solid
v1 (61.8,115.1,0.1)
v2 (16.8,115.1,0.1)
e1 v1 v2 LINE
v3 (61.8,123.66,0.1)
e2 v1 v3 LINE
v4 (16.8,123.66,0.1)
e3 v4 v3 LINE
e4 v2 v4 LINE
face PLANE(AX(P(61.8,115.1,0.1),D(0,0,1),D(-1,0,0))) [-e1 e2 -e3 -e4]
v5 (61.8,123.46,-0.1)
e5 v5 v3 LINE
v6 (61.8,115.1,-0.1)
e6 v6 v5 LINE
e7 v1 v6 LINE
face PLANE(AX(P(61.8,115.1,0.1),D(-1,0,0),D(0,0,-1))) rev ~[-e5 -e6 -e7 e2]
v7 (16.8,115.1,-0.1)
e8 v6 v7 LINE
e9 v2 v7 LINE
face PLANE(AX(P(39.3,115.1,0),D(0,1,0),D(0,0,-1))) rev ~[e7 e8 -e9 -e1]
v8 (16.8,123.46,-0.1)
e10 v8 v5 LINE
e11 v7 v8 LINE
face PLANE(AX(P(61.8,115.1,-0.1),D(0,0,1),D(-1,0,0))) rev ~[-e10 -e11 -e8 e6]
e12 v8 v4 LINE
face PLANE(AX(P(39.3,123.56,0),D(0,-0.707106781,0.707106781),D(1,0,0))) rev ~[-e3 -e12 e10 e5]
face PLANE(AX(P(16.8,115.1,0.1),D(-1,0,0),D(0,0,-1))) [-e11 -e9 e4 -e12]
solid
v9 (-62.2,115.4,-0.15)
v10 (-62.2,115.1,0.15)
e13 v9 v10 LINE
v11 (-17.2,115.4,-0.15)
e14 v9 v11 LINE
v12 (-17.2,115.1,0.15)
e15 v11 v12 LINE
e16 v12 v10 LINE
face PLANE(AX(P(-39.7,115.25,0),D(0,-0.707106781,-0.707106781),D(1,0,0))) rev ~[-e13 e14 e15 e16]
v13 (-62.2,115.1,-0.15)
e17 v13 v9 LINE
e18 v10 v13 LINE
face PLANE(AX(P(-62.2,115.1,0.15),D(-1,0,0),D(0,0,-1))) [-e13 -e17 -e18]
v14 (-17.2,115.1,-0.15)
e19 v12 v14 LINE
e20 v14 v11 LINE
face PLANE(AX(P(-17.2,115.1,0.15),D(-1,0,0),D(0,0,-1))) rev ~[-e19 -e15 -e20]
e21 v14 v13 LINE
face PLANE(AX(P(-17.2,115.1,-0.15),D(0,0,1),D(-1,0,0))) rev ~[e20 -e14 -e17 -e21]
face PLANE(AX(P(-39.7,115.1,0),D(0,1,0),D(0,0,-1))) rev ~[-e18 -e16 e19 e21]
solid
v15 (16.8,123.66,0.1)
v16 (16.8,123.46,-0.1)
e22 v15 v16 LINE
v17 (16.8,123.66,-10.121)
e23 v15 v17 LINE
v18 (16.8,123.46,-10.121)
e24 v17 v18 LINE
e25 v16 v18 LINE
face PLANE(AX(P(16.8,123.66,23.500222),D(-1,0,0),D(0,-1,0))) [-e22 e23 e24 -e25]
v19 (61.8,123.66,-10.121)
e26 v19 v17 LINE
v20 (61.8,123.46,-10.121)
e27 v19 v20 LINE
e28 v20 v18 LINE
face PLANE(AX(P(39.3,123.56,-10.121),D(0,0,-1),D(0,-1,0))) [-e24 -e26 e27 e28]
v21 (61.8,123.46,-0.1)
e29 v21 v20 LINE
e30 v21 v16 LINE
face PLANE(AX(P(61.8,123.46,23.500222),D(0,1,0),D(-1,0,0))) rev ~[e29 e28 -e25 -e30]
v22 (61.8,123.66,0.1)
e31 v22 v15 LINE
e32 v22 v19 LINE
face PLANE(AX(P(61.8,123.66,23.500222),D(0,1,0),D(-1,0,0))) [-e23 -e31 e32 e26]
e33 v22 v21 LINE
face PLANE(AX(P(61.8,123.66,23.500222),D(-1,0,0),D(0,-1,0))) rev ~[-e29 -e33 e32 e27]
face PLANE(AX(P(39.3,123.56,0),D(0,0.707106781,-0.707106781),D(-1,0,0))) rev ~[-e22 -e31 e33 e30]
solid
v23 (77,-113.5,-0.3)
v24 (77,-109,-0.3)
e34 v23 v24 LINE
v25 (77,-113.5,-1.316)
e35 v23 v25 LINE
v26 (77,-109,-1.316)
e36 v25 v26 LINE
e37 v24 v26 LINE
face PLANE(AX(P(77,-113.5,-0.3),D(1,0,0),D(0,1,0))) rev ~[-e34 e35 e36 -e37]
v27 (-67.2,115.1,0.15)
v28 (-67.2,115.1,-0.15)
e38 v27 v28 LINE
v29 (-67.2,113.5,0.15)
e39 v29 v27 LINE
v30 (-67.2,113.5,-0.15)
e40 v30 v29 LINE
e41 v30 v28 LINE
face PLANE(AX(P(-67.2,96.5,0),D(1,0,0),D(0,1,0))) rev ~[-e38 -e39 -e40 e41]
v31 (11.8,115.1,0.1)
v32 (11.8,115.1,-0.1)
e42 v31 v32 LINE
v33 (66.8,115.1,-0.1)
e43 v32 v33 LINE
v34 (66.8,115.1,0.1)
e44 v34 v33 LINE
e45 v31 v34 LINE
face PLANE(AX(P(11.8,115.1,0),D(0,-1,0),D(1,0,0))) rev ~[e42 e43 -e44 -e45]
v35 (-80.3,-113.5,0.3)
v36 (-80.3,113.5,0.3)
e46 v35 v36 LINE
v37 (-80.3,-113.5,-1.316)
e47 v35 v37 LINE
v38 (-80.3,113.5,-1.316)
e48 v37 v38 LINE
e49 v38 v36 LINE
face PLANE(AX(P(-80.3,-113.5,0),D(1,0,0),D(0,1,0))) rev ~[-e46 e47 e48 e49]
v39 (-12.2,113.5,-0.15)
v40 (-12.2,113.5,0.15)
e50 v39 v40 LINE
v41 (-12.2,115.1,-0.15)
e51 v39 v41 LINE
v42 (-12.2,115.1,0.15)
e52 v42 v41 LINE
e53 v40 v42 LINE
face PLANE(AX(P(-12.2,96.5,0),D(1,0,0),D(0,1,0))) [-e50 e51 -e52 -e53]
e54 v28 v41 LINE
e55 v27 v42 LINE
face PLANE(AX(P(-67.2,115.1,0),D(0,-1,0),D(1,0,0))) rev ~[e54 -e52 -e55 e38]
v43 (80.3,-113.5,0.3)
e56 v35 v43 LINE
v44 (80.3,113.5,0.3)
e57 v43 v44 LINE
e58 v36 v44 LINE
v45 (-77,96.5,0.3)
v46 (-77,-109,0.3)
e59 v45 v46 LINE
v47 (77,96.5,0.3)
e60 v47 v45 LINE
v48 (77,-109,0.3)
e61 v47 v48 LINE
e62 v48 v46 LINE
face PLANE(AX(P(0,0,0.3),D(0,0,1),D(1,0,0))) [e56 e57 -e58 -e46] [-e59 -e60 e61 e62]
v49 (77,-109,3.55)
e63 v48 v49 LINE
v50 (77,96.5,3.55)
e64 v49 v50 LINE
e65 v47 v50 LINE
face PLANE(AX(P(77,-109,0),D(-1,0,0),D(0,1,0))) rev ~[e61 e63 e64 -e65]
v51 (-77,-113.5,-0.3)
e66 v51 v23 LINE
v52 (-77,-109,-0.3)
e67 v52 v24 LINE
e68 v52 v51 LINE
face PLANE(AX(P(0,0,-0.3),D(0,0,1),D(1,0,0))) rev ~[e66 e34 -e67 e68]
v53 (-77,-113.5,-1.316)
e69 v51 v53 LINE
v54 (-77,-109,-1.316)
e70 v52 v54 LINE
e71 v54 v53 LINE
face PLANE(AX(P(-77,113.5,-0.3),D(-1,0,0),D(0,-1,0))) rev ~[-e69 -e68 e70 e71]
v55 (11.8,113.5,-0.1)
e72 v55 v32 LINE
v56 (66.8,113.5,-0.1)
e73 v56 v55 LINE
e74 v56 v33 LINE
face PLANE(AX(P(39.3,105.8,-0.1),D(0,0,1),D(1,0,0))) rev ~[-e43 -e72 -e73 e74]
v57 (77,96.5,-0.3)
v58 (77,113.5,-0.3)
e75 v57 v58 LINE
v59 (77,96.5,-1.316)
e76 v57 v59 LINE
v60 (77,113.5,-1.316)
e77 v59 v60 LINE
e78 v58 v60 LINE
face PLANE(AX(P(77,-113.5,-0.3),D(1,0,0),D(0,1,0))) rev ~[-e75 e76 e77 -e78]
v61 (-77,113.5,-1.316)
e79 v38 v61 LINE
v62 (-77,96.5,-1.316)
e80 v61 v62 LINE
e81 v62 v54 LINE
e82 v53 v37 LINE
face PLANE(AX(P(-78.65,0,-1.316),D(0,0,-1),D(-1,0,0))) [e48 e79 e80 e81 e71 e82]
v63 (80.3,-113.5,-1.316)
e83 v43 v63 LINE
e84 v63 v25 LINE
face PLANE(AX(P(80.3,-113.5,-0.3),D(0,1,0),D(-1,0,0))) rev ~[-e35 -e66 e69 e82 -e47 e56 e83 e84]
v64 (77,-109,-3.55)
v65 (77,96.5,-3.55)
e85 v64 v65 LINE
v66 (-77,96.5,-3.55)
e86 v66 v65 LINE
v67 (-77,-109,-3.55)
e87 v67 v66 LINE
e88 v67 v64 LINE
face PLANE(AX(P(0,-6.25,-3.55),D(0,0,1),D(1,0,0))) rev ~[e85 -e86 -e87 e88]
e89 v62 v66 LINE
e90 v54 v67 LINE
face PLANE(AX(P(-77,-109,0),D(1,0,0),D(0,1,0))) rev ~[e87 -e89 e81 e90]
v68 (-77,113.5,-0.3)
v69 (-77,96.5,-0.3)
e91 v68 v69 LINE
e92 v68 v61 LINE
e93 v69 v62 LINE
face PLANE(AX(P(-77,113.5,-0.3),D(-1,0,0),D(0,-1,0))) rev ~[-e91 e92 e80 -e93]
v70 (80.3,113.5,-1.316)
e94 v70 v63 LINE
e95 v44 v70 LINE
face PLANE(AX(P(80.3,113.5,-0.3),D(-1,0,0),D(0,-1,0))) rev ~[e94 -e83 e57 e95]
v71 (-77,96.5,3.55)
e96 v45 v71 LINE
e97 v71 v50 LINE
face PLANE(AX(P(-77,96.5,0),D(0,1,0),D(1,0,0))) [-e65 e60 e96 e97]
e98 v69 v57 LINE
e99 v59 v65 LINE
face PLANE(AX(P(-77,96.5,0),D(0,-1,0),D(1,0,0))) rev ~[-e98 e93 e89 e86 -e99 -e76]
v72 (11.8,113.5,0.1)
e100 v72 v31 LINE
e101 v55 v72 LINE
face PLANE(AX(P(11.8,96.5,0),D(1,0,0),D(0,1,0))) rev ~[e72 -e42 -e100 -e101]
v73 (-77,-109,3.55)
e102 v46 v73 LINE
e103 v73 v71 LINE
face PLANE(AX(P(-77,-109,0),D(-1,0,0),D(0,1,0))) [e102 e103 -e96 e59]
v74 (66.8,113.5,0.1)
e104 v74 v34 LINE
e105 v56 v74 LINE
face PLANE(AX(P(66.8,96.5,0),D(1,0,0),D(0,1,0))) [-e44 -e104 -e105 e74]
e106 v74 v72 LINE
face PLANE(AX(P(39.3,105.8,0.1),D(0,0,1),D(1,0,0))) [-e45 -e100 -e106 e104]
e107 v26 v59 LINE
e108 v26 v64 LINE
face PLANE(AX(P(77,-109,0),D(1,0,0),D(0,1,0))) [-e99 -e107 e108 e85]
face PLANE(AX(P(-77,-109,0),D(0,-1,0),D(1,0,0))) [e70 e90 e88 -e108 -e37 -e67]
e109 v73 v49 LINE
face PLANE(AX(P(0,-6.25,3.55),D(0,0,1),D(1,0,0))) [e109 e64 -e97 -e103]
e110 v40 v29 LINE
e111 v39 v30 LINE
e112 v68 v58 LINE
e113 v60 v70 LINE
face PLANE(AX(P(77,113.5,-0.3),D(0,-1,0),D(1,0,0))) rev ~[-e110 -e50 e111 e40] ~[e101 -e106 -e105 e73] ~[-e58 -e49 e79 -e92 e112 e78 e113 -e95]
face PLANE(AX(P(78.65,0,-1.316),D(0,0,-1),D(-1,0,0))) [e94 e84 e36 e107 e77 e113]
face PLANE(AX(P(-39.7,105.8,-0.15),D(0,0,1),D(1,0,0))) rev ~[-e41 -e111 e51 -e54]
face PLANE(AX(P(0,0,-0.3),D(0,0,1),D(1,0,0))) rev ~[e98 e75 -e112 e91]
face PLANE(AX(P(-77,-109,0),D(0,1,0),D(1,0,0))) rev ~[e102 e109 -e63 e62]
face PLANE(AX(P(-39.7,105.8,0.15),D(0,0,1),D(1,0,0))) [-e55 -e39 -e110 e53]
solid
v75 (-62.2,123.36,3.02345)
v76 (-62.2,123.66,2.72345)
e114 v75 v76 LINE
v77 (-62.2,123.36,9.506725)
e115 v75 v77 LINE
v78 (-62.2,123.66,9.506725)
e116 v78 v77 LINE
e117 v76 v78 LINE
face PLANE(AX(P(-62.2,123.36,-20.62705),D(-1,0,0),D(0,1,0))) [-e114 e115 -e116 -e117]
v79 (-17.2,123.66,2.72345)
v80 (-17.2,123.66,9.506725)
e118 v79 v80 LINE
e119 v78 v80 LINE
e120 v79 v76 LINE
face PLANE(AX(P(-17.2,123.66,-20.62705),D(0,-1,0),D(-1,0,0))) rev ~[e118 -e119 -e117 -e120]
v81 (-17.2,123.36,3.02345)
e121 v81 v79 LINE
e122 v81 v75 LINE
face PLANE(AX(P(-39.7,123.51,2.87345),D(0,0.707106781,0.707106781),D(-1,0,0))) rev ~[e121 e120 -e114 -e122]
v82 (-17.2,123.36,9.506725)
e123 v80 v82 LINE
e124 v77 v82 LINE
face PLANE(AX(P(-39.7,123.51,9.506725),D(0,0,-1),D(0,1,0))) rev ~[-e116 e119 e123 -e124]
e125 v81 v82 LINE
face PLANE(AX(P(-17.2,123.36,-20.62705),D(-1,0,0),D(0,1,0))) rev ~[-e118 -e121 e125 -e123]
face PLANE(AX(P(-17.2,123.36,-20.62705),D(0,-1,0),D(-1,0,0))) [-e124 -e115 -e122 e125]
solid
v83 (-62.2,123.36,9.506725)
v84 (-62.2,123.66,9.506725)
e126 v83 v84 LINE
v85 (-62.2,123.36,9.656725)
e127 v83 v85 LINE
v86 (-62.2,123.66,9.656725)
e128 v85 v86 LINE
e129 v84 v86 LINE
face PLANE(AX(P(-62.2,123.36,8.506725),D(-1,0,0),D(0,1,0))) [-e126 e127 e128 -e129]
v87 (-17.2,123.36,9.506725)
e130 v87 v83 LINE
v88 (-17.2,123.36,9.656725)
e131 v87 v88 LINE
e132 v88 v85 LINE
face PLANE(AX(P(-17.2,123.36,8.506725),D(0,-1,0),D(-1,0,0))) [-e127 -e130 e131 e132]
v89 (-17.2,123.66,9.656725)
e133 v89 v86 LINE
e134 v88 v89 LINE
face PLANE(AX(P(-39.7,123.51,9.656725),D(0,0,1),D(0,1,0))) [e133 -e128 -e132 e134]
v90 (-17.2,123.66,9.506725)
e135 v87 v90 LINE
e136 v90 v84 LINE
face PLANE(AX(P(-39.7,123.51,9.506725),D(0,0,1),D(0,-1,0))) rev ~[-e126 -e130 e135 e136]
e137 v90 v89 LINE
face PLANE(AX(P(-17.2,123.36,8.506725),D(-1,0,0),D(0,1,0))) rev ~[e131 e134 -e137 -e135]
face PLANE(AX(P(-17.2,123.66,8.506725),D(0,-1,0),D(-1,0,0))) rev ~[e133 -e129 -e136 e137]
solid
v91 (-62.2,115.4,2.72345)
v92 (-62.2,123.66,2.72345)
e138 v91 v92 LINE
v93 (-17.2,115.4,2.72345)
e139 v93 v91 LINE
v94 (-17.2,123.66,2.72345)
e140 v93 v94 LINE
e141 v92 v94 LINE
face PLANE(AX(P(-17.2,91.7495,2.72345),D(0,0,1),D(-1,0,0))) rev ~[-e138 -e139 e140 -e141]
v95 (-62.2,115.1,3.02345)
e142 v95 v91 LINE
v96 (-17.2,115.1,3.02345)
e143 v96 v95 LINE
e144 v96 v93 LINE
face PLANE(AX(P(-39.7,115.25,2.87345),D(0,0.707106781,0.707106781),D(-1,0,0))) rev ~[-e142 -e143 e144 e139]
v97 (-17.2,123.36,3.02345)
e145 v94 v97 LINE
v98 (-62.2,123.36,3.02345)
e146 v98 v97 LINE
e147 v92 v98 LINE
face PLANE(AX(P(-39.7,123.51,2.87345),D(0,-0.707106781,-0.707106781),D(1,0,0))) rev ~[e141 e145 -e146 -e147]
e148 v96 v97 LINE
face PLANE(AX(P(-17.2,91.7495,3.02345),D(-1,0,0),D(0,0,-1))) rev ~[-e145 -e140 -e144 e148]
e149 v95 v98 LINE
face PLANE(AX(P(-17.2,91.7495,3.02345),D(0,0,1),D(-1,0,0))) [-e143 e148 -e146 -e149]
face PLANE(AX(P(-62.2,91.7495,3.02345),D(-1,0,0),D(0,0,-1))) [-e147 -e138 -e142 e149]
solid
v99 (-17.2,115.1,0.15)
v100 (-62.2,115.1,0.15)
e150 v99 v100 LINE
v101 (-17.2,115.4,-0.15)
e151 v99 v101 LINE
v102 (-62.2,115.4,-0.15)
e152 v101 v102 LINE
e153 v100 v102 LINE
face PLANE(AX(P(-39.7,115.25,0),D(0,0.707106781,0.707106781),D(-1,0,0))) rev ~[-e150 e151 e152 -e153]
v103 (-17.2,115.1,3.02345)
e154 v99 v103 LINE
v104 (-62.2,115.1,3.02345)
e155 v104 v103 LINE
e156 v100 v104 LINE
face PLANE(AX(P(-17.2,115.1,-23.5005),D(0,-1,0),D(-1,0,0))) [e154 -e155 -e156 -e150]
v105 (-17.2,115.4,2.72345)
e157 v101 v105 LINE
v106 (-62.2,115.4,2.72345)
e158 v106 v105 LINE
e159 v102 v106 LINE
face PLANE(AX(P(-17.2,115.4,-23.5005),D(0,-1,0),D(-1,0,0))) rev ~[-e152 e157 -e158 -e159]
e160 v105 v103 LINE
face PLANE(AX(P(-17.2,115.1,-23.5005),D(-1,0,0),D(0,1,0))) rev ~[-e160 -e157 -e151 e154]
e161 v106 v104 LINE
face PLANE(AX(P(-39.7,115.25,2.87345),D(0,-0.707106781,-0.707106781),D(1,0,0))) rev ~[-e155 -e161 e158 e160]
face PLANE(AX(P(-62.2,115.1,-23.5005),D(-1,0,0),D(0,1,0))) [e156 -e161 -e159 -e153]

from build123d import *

# Parameters (mm, degrees)
SKETCH1_W                    = 160.6
SKETCH1_H                    = 227
INSULATION_DEPTH             = 0.3
INSULATION_DEPTH_BACK        = 0.3
SKETCH2_W                    = 154
SKETCH2_H                    = 205.5
MAIN_BODY_DEPTH              = 3.55
MAIN_BODY_DEPTH_BACK         = 3.55
SIDE_FOLDS_DEPTH             = 1.016
SKETCH6_W                    = 55
SKETCH6_H                    = 18.6
NEGATIVE_TAB_BASE_DEPTH      = 0.1
NEGATIVE_TAB_BASE_DEPTH_BACK = 0.1
SKETCH7_W                    = 55
SKETCH7_H                    = 18.6
POSITIVE_TAB_BASE_DEPTH      = 0.15
POSITIVE_TAB_BASE_DEPTH_BACK = 0.15
SKETCH110_W                  = 0.3
SKETCH110_H                  = 45
POSITIVE_TAB_DEPTH           = 23.650499994
SKETCH110_ON_SEGMENT_2_W     = 0.3
SKETCH110_ON_SEGMENT_2_H     = 45
POSITIVE_TAB_2_DEPTH         = 49.874449989
SKETCH110_ON_SEGMENT_3_W     = 0.3
SKETCH110_ON_SEGMENT_3_H     = 45
POSITIVE_TAB_3_DEPTH         = 55.260999989
SKETCH110_ON_SEGMENT_4_W     = 0.3
SKETCH110_ON_SEGMENT_4_H     = 45
POSITIVE_TAB_4_DEPTH         = 31.133774994
SKETCH110_ON_SEGMENT_5_W     = 0.3
SKETCH110_ON_SEGMENT_5_H     = 45
POSITIVE_TAB_5_DEPTH         = 1.15
SKETCH113_W                  = 0.2
SKETCH113_H                  = 45
NEGATIVE_TAB_DEPTH           = 31.960222221
SKETCH113_ON_SEGMENT_2_W     = 0.2
SKETCH113_ON_SEGMENT_2_H     = 45
NEGATIVE_TAB_2_DEPTH         = 33.621222221


with BuildPart() as part:
    # Sketch1 → Insulation (new, two sides)
    with BuildSketch(Plane.XY) as insulation_sk:
        Rectangle(SKETCH1_W, SKETCH1_H)
    extrude(amount=INSULATION_DEPTH)
    extrude(insulation_sk.sketch, amount=-INSULATION_DEPTH_BACK)

    # Sketch2 → Main Body (add, two sides)
    with BuildSketch(Plane.XY) as main_body_sk:
        with Locations((0, -6.25)):
            Rectangle(SKETCH2_W, SKETCH2_H)
    extrude(amount=MAIN_BODY_DEPTH)
    extrude(main_body_sk.sketch, amount=-MAIN_BODY_DEPTH_BACK)

    # Sketch5 → Side Folds (add)
    with BuildSketch(Plane(origin=(0, 0, -0.3), x_dir=(-1, 0, 0), z_dir=(0, 0, -1))):
        Polygon((-77, -109), (-77, 96.5), (-77, 113.5), (-80.3, 113.5), (-80.3, -113.5), (-77, -113.5), align=None)
        Polygon((77, 113.5), (77, 96.5), (77, -109), (77, -113.5), (80.3, -113.5), (80.3, 113.5), align=None)
    extrude(amount=SIDE_FOLDS_DEPTH)

    # Sketch6 → Negative Tab Base (add, two sides)
    with BuildSketch(Plane.XY) as negative_tab_base_sk:
        with Locations((39.3, 105.8)):
            Rectangle(SKETCH6_W, SKETCH6_H)
    extrude(amount=NEGATIVE_TAB_BASE_DEPTH)
    extrude(negative_tab_base_sk.sketch, amount=-NEGATIVE_TAB_BASE_DEPTH_BACK)

    # Sketch7 → Positive Tab Base (add, two sides)
    with BuildSketch(Plane.XY) as positive_tab_base_sk:
        with Locations((-39.7, 105.8)):
            Rectangle(SKETCH7_W, SKETCH7_H)
    extrude(amount=POSITIVE_TAB_BASE_DEPTH)
    extrude(positive_tab_base_sk.sketch, amount=-POSITIVE_TAB_BASE_DEPTH_BACK)


with BuildPart() as body_2:
    # Sketch110 → Positive Tab (new body)
    with BuildSketch(Plane(origin=(-39.7, 115.1, 0), x_dir=(0, 0, -1), z_dir=(0, 1, 0))):
        Rectangle(SKETCH110_W, SKETCH110_H)
    extrude(amount=POSITIVE_TAB_DEPTH)

    # Positive Tab mitre 1
    split(bisect_by=Plane(origin=(-39.7, 115.25, 0), x_dir=(1, 0, 0), z_dir=(0, -0.707106781, -0.707106781)), keep=Keep.TOP)


with BuildPart() as body_3:
    # Sketch110 on segment 2 (carried to segment 2) → Positive Tab 2 (new body)
    with BuildSketch(Plane(origin=(-39.7, 115.25, -23.500499994), x_dir=(0, 1, 0), z_dir=(0, 0, 1))):
        Rectangle(SKETCH110_ON_SEGMENT_2_W, SKETCH110_ON_SEGMENT_2_H)
    extrude(amount=POSITIVE_TAB_2_DEPTH)

    # Positive Tab 2 mitre 1
    split(bisect_by=Plane(origin=(-39.7, 115.25, 0), x_dir=(-1, 0, 0), z_dir=(0, 0.707106781, 0.707106781)), keep=Keep.TOP)

    # Positive Tab 2 mitre 2
    split(bisect_by=Plane(origin=(-39.7, 115.25, 2.87345), x_dir=(1, 0, 0), z_dir=(0, -0.707106781, -0.707106781)), keep=Keep.TOP)


with BuildPart() as body_4:
    # Sketch110 on segment 3 (carried to segment 3) → Positive Tab 3 (new body)
    with BuildSketch(Plane(origin=(-39.7, 91.749500006, 2.87345), x_dir=(0, 0, -1), z_dir=(0, 1, 0))):
        Rectangle(SKETCH110_ON_SEGMENT_3_W, SKETCH110_ON_SEGMENT_3_H)
    extrude(amount=POSITIVE_TAB_3_DEPTH)

    # Positive Tab 3 mitre 1
    split(bisect_by=Plane(origin=(-39.7, 115.25, 2.87345), x_dir=(-1, 0, 0), z_dir=(0, 0.707106781, 0.707106781)), keep=Keep.TOP)

    # Positive Tab 3 mitre 2
    split(bisect_by=Plane(origin=(-39.7, 123.51, 2.87345), x_dir=(1, 0, 0), z_dir=(0, -0.707106781, -0.707106781)), keep=Keep.TOP)


with BuildPart() as body_5:
    # Sketch110 on segment 4 (carried to segment 4) → Positive Tab 4 (new body)
    with BuildSketch(Plane(origin=(-39.7, 123.51, -20.627049994), x_dir=(0, 1, 0), z_dir=(0, 0, 1))):
        Rectangle(SKETCH110_ON_SEGMENT_4_W, SKETCH110_ON_SEGMENT_4_H)
    extrude(amount=POSITIVE_TAB_4_DEPTH)

    # Positive Tab 4 mitre 1
    split(bisect_by=Plane(origin=(-39.7, 123.51, 2.87345), x_dir=(-1, 0, 0), z_dir=(0, 0.707106781, 0.707106781)), keep=Keep.TOP)

    # Positive Tab 4 mitre 2
    split(bisect_by=Plane(origin=(-39.7, 123.51, 9.506725), x_dir=(0, 1, 0), z_dir=(0, 0, -1)), keep=Keep.TOP)


with BuildPart() as body_6:
    # Sketch110 on segment 5 (carried to segment 5) → Positive Tab 5 (new body)
    with BuildSketch(Plane(origin=(-39.7, 123.51, 8.506725), x_dir=(0, 1, 0), z_dir=(0, 0, 1))):
        Rectangle(SKETCH110_ON_SEGMENT_5_W, SKETCH110_ON_SEGMENT_5_H)
    extrude(amount=POSITIVE_TAB_5_DEPTH)

    # Positive Tab 5 mitre 1
    split(bisect_by=Plane(origin=(-39.7, 123.51, 9.506725), x_dir=(0, -1, 0), z_dir=(0, 0, 1)), keep=Keep.TOP)


with BuildPart() as body_7:
    # Sketch113 → Negative Tab (new body)
    with BuildSketch(Plane(origin=(39.3, 115.1, 0), x_dir=(0, 0, -1), z_dir=(0, 1, 0))):
        Rectangle(SKETCH113_W, SKETCH113_H)
    extrude(amount=NEGATIVE_TAB_DEPTH)

    # Negative Tab mitre 1
    split(bisect_by=Plane(origin=(39.3, 123.56, 0), x_dir=(1, 0, 0), z_dir=(0, -0.707106781, 0.707106781)), keep=Keep.TOP)


with BuildPart() as body_8:
    # Sketch113 on segment 2 (carried to segment 2) → Negative Tab 2 (new body)
    with BuildSketch(Plane(origin=(39.3, 123.56, 23.500222221), x_dir=(0, -1, 0), z_dir=(0, 0, -1))):
        Rectangle(SKETCH113_ON_SEGMENT_2_W, SKETCH113_ON_SEGMENT_2_H)
    extrude(amount=NEGATIVE_TAB_2_DEPTH)

    # Negative Tab 2 mitre 1
    split(bisect_by=Plane(origin=(39.3, 123.56, 0), x_dir=(-1, 0, 0), z_dir=(0, 0.707106781, -0.707106781)), keep=Keep.TOP)


solid = Compound([part.part, body_2.part, body_3.part, body_4.part, body_5.part, body_6.part, body_7.part, body_8.part])
